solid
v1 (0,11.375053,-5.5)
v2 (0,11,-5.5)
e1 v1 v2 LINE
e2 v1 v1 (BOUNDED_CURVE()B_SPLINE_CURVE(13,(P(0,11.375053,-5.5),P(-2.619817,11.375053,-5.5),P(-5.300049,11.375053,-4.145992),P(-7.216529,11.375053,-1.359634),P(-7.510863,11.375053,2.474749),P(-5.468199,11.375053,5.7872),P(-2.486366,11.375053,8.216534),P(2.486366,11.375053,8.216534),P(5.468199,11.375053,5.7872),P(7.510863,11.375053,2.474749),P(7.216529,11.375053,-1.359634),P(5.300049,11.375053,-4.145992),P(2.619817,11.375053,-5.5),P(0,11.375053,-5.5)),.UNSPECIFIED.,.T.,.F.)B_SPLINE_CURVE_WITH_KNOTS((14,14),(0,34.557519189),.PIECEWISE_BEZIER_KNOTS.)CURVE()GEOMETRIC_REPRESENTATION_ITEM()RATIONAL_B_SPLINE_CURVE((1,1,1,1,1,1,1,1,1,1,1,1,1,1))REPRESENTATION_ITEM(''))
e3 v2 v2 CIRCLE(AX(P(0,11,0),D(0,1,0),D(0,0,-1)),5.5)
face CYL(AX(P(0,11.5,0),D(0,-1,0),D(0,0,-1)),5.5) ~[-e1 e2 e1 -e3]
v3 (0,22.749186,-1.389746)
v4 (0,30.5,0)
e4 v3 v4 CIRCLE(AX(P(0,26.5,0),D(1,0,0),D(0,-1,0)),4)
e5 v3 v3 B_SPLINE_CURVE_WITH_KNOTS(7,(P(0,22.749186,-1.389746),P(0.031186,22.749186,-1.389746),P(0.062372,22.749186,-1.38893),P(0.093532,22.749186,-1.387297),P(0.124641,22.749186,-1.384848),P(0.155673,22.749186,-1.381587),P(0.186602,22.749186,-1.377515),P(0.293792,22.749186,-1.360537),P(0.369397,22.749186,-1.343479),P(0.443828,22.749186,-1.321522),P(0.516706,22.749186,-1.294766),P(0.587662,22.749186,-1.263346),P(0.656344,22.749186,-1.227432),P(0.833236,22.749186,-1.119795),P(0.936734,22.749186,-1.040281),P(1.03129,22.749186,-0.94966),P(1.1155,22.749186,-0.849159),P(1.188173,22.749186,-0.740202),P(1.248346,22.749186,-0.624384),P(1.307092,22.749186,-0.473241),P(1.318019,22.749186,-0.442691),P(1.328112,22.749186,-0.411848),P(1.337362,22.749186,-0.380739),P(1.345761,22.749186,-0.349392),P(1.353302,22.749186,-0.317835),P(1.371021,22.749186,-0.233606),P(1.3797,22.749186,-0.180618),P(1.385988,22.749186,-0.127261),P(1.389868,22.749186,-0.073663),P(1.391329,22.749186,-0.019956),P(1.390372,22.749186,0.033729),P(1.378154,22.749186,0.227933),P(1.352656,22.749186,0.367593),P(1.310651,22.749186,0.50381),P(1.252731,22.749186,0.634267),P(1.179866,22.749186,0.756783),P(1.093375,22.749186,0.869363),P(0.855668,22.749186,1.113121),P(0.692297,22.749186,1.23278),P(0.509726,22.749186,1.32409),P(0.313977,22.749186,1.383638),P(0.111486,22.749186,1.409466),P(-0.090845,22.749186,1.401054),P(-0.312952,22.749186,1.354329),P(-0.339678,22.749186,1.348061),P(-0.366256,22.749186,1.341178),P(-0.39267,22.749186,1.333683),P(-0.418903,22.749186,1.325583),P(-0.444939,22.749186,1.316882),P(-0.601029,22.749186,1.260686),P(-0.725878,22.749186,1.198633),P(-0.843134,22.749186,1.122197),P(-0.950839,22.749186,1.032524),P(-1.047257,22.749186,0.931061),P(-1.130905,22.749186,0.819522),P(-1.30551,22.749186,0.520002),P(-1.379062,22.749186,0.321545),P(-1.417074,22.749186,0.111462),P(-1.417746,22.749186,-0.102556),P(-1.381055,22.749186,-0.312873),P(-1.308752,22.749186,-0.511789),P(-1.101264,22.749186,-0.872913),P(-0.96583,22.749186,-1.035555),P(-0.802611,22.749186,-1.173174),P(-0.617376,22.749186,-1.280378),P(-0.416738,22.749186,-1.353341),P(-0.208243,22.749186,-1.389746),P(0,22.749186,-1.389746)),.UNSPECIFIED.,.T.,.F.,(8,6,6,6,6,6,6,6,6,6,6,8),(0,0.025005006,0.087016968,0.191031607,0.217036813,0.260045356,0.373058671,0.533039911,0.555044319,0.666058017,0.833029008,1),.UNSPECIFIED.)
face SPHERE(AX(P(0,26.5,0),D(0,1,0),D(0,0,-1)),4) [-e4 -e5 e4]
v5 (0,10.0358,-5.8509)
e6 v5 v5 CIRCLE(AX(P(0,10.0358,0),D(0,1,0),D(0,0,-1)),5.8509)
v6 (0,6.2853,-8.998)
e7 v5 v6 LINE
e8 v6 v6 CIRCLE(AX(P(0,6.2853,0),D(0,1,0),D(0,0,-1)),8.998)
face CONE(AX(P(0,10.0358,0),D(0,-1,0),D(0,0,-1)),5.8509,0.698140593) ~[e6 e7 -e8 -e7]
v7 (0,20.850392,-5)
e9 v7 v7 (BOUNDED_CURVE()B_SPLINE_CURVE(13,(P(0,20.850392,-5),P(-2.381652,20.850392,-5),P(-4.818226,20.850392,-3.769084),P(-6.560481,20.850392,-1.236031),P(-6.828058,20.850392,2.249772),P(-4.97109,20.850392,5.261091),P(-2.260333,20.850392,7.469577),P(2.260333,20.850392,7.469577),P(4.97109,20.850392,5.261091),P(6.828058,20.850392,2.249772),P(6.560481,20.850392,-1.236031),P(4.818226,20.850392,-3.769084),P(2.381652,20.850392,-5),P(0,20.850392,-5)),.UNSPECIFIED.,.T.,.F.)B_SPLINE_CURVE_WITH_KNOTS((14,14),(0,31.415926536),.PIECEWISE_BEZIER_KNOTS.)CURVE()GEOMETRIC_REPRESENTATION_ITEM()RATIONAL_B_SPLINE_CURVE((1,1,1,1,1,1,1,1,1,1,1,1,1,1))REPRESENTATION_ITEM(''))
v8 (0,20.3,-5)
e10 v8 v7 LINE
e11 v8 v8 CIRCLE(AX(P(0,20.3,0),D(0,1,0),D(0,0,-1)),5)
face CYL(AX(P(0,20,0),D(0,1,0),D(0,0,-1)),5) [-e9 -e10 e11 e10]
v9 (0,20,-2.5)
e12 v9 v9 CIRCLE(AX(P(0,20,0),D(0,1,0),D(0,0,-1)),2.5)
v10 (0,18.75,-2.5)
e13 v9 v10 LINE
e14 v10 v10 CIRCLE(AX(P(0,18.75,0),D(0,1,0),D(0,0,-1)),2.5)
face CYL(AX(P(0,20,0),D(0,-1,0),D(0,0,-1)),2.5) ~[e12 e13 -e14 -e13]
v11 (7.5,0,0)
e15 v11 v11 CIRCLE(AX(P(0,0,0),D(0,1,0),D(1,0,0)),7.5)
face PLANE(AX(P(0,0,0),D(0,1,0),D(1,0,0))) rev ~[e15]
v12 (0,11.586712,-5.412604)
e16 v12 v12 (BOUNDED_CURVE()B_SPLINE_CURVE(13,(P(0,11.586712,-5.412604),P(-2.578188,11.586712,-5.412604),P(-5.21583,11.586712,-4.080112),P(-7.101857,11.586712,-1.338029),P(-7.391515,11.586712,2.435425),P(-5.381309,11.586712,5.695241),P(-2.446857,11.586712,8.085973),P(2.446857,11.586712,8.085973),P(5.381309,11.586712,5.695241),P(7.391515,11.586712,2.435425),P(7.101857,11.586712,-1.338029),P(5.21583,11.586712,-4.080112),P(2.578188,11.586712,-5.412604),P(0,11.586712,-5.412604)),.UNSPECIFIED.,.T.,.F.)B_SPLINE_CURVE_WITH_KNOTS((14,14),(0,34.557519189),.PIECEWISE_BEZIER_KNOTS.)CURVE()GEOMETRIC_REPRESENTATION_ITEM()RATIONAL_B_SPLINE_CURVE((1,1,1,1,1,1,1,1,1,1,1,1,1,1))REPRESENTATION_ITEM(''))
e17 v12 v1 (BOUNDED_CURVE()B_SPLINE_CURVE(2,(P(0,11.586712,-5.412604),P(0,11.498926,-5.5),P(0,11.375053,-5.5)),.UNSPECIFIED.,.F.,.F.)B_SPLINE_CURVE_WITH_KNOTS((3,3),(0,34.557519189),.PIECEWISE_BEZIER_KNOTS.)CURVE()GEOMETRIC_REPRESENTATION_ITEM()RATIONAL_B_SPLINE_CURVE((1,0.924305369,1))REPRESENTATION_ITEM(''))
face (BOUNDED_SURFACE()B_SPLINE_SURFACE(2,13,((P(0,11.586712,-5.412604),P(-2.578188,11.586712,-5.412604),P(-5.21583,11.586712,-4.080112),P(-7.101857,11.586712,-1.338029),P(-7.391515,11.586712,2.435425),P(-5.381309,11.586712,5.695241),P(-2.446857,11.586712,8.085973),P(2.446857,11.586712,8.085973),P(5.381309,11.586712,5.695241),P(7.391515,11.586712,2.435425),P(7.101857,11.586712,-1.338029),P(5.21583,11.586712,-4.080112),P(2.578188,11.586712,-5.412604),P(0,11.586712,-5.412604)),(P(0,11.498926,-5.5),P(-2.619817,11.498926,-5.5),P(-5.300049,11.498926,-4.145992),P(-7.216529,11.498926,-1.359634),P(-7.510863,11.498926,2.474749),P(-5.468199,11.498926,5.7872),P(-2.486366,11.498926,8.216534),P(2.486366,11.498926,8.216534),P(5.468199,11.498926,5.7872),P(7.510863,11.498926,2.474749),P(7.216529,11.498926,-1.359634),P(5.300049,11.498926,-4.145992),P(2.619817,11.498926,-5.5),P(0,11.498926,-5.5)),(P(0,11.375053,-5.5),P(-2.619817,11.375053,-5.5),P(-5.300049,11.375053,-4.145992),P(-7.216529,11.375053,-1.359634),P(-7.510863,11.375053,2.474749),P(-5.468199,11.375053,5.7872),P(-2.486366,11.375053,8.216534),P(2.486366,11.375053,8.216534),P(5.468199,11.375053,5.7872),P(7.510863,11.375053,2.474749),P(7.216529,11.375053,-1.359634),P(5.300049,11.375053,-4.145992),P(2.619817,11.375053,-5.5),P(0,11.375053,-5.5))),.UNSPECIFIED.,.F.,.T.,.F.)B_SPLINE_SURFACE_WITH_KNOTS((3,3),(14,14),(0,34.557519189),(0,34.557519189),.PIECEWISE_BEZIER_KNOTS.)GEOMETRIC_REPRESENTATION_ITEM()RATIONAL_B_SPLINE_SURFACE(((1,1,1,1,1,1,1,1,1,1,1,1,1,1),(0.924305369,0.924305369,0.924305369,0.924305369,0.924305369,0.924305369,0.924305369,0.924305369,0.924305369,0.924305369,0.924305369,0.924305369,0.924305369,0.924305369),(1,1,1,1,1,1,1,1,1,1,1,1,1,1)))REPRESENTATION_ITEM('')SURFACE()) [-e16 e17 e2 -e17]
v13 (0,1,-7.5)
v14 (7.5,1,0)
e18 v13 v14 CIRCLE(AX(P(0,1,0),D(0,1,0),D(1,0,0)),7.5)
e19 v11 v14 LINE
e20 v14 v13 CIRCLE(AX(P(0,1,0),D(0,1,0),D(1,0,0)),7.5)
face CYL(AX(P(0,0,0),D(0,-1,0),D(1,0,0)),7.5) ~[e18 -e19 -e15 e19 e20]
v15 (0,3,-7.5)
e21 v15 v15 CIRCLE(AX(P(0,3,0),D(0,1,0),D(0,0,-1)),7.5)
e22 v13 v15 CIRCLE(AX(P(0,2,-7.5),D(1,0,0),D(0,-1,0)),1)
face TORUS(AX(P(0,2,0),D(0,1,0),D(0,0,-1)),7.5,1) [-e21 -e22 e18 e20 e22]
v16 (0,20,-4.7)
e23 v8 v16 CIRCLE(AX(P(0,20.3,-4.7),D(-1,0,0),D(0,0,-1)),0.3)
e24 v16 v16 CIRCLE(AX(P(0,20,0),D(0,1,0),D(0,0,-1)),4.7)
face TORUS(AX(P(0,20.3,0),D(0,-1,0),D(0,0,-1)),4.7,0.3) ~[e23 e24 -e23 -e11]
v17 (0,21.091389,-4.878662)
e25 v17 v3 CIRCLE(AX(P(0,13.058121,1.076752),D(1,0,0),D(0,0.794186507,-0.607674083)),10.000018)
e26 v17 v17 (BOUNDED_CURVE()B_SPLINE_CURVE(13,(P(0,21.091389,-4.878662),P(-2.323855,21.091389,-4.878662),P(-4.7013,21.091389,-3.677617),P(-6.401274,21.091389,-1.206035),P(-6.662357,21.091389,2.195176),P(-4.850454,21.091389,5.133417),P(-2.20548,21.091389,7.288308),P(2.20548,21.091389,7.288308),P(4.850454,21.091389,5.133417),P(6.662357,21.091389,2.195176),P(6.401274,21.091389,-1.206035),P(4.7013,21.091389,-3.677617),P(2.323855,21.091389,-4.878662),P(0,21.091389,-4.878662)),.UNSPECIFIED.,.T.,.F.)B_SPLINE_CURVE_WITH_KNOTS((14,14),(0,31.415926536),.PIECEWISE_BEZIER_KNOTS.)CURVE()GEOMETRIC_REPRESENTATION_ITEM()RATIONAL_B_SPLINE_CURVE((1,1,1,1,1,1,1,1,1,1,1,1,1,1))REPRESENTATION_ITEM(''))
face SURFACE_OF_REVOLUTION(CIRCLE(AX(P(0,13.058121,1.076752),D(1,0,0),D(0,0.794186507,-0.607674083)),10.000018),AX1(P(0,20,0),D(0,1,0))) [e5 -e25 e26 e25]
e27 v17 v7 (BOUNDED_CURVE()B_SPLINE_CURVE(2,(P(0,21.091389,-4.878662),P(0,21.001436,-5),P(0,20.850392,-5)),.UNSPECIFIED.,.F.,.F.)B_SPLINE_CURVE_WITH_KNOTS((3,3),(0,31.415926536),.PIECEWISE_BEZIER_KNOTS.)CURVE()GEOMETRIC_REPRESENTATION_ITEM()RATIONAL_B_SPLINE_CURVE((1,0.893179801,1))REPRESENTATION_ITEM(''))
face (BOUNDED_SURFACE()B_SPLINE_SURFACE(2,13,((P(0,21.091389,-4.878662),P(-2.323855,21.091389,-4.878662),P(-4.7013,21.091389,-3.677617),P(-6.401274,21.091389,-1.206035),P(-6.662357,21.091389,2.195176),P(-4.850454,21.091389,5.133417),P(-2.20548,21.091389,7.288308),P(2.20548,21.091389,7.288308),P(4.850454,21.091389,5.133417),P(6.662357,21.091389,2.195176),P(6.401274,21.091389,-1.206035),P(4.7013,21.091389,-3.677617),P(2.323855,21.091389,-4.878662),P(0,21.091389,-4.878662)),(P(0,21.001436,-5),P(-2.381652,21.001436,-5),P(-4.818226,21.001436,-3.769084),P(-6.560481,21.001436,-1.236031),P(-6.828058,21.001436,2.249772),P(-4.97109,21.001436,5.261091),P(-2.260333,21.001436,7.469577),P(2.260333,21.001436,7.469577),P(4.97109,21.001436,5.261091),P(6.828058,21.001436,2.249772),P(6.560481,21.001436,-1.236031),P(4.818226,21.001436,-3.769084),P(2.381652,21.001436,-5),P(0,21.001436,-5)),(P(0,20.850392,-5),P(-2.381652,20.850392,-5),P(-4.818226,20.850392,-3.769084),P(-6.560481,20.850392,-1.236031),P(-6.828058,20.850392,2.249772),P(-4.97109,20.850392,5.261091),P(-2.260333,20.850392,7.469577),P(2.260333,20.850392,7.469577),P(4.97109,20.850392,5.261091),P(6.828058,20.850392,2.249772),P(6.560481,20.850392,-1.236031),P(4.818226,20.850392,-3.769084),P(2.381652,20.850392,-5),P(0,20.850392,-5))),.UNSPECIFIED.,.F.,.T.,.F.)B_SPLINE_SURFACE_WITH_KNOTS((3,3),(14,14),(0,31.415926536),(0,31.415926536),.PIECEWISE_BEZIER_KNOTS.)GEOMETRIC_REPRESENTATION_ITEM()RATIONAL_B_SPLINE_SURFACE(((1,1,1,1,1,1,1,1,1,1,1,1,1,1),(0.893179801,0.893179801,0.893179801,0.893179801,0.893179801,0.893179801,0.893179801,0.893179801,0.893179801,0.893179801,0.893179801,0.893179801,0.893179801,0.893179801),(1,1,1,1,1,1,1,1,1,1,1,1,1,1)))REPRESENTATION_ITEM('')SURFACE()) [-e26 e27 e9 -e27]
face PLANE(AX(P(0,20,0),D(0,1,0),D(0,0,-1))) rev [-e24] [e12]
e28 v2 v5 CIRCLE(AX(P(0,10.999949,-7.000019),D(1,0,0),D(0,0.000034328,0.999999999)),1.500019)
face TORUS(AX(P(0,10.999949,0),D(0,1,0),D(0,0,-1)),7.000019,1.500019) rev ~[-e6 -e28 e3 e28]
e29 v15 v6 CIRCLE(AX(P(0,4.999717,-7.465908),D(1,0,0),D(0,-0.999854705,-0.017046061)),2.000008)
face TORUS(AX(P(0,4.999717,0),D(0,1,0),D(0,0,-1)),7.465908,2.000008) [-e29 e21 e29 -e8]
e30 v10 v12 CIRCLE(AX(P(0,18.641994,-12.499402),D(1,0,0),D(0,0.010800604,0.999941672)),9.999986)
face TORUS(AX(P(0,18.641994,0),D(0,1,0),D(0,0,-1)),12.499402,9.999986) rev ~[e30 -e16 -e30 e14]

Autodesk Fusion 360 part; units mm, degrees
sketch "Sketch1" plane through (0, 0, 0) normal (0, 1, 0) x (1, 0, 0)
  circle A0 centre (0, 0) radius 7.5
  dimension "d1" = 15
extrude "Extrude1" add sketch "Sketch1" along normal blind 1
sketch "Sketch2" plane through (0, 0, 0) normal (1, 0, 0) x (0, 1, 0)
  line L0 (1, 0) -> (1.1751, 0)
  line L1 (1.1751, 0) -> (3, 0)
  line L2 (3, 0) -> (3, -7.5)
  arc A0 (1, -7.5) -> (3, -7.5) centre (2, -7.5) ccw
  line L3 (1, 0) -> (1, -0.3)
  line L4 (1, -0.3) -> (1, -7.5)
sketch "Sketch3" plane through (0, 0, 0) normal (1, 0, 0) x (0, 1, 0)
  arc A0 (1, -7.5) -> (3, -7.5) centre (2, -7.5) ccw
  dimension "d4" = 1
revolve "Revolve1" add sketch "Sketch2" angle 360 about axis through (0, 1.1751, 0) along (0, 1, 0)
sketch "Sketch4" plane through (0, 0, 0) normal (1, 0, 0) x (0, 1, 0)
  line L0 (3, 0) -> (11.5, 0)
  line L1 (11.5, 0) -> (11.5, -5.5)
  line L2 (11.5, -5.5) -> (11, -5.5)
  arc A0 (11, -5.5) -> (10.0358, -5.8509) centre (11, -7) ccw
  line L3 (10.0358, -5.8509) -> (6.2853, -8.998)
  arc A1 (3, -7.5) -> (6.2853, -8.998) centre (4.9997, -7.4659) ccw
  line L4 (3, 0) -> (3, -7.5)
  point P0 (3, -7.5)
  dimension "d6" = 40
  dimension "d7" = 7
  dimension "d8" = 1.5
  dimension "d9" = 11.5
  dimension "d10" = 0.5
  dimension "d11" = 2
  dimension "d12" = 3
revolve "Revolve2" add sketch "Sketch4" angle 360 about axis through (0, 3, 0) along (0, 1, 0)
sketch "Sketch5" plane through (0, 0, 0) normal (1, 0, 0) x (0, 1, 0)
  line L0 (11.5, 0) -> (11.5, -5.5)
  line L1 (11.5, 0) -> (20, 0)
  line L2 (20, 0) -> (20, -2.5)
  line L3 (20, -2.5) -> (18.75, -2.5)
  arc A0 (18.75, -2.5) -> (11.5, -5.5) centre (18.642, -12.4994) ccw
  point P0 (11.5, -5.5)
  dimension "d14" = 5.5
  dimension "d15" = 2.5
  dimension "d16" = 20
  dimension "d17" = 1.25
  dimension "d18" = 10
revolve "Revolve3" add sketch "Sketch5" angle 360 about axis through (0, 11.5, 0) along (0, 1, 0)
sketch "Sketch6" plane through (0, 0, 0) normal (1, 0, 0) x (0, 1, 0)
  line L0 (20, 0) -> (23, 0)
  line L1 (20, 0) -> (20, -5)
  line L2 (20, -5) -> (21, -5)
  arc A0 (21, -5) -> (23, 0) centre (13.0581, 1.0767) ccw
  line L3 (20, 2.5) -> (20, -2.5)
  point P0 (20, 0)
  point P1 (20, 0)
  dimension "d20" = 3
  dimension "d21" = 5
  dimension "d22" = 1
  dimension "d23" = 10
revolve "Revolve4" add sketch "Sketch6" angle 360 about axis through (0, 20, 0) along (0, 1, 0)
sketch "Sketch7" plane through (0, 0, 0) normal (1, 0, 0) x (0, 1, 0)
  line L0 (22.5, 0) -> (30.5, 0)
  arc A0 (22.5, 0) -> (30.5, 0) centre (26.5, 0) ccw
  dimension "d25" = 26.5
  dimension "d26" = 8
revolve "Revolve5" add sketch "Sketch7" angle 360 about axis through (0, 22.5, 0) along (0, 1, 0)
fillet "Fillet1" radius 0.3 3 edges at (-4.6616, 21, -1.8081) (-4.6616, 20, -1.8081) (-5.1278, 11.5, -1.9889)
